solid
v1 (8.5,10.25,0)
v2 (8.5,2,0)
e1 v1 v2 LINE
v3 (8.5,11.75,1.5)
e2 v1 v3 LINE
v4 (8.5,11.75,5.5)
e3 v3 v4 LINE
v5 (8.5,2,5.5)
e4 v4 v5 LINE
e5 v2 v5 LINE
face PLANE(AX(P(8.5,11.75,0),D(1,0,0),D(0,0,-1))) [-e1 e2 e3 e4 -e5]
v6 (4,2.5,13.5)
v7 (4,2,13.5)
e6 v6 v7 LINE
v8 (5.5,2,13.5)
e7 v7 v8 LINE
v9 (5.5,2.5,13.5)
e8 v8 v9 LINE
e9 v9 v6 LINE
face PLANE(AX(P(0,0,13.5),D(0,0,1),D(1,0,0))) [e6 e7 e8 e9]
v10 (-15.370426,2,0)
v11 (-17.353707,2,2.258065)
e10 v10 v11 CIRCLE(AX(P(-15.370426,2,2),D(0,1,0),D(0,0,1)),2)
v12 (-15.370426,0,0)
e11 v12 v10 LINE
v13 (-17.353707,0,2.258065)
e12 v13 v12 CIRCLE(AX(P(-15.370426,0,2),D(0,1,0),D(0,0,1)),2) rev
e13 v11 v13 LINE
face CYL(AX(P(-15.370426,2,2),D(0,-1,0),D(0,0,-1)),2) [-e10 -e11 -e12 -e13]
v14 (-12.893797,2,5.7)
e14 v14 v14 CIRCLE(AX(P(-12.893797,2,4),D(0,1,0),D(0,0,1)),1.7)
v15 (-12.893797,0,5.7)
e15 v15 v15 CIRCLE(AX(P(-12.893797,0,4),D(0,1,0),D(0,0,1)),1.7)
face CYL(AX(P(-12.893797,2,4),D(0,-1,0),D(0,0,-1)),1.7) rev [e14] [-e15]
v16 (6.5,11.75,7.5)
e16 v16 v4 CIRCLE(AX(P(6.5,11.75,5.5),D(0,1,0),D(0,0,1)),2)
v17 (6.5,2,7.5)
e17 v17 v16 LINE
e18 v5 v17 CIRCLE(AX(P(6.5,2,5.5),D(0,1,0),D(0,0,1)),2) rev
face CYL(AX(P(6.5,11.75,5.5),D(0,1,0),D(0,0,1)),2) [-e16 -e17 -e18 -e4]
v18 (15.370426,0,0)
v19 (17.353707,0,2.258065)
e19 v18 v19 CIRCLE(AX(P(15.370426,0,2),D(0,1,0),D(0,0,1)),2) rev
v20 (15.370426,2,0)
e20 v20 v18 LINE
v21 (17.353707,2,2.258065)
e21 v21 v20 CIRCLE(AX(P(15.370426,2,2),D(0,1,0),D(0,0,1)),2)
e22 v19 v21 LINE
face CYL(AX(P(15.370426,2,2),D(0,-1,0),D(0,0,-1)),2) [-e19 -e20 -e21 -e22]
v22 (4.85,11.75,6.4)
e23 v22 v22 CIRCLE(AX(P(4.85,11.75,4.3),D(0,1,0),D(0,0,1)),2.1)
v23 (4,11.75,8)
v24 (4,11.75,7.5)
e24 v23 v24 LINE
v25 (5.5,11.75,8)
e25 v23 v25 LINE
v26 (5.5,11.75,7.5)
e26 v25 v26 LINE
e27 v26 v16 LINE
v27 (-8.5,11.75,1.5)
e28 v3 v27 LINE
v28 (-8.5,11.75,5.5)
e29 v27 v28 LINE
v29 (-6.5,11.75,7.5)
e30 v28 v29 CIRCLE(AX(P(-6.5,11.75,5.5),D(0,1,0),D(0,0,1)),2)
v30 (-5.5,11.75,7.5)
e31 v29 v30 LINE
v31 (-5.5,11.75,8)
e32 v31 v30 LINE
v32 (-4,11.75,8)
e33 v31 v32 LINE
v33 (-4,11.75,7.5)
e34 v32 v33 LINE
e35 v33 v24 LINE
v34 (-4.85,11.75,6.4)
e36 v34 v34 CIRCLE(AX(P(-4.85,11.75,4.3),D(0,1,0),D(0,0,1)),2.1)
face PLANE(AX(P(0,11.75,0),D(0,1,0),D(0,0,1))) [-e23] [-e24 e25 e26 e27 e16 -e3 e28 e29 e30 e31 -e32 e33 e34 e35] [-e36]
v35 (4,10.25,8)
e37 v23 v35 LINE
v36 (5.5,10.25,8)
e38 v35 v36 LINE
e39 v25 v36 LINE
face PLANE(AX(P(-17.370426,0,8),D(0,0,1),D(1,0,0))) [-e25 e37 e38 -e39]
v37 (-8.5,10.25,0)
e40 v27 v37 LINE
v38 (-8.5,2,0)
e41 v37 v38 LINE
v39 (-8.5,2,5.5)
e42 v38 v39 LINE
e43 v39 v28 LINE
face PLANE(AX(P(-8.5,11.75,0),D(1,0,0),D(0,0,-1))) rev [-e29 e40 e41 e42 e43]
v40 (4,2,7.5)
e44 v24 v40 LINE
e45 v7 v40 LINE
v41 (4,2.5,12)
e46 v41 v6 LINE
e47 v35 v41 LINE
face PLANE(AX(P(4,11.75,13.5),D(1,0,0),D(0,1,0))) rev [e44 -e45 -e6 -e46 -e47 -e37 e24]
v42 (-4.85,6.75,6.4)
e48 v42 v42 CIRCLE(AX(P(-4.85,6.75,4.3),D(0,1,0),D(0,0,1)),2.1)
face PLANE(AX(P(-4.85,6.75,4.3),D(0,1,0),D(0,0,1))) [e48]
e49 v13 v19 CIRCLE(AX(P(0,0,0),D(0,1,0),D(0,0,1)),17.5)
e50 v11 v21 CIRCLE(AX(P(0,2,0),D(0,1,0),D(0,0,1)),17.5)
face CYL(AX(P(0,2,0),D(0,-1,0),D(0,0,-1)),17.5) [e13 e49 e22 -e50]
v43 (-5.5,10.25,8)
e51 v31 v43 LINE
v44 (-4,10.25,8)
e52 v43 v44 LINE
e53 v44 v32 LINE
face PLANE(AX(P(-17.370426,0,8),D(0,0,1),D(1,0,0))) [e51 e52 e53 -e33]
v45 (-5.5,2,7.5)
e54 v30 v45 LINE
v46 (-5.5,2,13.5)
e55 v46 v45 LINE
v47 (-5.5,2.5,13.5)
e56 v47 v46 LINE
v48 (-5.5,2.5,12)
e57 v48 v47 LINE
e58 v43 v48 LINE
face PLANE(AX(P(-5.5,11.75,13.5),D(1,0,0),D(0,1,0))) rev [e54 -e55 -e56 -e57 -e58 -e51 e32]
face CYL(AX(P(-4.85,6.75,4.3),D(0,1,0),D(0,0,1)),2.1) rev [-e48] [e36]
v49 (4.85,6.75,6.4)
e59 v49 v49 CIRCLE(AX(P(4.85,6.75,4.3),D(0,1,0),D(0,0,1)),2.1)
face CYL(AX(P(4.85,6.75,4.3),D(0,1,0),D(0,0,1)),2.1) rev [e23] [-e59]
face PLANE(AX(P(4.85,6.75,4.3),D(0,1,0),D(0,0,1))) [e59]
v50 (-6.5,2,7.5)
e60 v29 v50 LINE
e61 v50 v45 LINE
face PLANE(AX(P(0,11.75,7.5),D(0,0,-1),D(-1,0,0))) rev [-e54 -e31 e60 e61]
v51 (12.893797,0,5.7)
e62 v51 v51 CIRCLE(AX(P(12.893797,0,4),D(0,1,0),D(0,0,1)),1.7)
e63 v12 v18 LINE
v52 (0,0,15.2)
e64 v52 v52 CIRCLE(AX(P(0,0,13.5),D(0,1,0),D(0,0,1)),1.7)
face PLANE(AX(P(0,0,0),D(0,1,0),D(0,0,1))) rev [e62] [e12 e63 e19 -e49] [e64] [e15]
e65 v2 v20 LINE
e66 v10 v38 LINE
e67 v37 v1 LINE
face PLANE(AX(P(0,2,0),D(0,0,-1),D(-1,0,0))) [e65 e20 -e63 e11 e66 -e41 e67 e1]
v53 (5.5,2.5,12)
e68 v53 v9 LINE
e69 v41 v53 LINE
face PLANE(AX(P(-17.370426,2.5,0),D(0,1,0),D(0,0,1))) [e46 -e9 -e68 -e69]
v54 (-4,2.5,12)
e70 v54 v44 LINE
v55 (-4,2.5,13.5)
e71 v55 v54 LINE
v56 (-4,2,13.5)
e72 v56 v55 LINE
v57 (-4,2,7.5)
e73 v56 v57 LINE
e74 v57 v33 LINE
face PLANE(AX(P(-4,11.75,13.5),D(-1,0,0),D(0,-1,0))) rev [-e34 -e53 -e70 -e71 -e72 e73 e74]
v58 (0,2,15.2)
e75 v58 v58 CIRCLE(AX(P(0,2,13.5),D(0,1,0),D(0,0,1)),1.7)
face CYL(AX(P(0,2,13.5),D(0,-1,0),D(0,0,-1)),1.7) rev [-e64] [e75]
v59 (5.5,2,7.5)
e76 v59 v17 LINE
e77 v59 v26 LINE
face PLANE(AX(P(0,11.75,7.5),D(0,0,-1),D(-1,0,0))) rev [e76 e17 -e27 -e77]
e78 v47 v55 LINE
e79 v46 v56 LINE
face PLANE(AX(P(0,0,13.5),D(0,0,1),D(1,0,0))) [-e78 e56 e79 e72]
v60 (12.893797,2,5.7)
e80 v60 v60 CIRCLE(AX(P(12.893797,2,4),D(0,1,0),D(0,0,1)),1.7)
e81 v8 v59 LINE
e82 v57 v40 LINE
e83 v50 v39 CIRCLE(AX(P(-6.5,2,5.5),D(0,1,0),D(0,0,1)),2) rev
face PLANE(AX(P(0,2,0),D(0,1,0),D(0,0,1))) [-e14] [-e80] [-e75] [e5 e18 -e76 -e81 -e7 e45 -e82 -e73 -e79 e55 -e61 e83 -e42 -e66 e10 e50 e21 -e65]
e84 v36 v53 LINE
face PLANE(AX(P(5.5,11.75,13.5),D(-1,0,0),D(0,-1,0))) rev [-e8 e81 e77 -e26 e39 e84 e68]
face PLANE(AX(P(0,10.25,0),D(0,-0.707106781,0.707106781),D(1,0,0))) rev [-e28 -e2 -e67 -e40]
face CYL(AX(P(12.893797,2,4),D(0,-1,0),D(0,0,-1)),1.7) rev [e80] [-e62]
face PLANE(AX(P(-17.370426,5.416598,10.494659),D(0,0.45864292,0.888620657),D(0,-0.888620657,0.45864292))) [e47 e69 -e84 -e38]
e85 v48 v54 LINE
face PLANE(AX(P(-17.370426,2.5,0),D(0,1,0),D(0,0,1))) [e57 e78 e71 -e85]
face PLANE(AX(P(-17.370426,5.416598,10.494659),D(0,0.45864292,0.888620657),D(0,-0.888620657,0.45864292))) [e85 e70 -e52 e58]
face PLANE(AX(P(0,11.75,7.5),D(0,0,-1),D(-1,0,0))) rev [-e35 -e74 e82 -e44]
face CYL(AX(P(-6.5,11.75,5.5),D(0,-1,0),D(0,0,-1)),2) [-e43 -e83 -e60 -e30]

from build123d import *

# Parameters (mm, degrees)
BOSS_EXTRUDE1_DEPTH = 2
SKETCH1_3_W         = 17
SKETCH1_3_H         = 7.5
SKETCH1_3_R         = 2.1
BOSS_EXTRUDE2_DEPTH = 11.75
FILLET1_R           = 2
CHAMFER1_SIZE       = 1.5
SKETCH2_W           = 1.5
SKETCH2_H           = 9.75
BOSS_EXTRUDE3_DEPTH = 6
CUT_EXTRUDE1_DEPTH  = 32.102554433
CUT_EXTRUDE2_START  = 11.75
SKETCH1_4_R         = 2.1
CUT_EXTRUDE2_DEPTH  = 5


with BuildPart() as part:
    # Sketch1 → Boss-Extrude1 (new body)
    with BuildSketch(Plane(origin=(0, 0, 0), x_dir=(1, 0, 0), z_dir=(0, 1, 0))):
        with BuildLine():
            ThreePointArc((13.294270592, -2.34784357), (13.448469299, -1.178419919), (13.5, 0))
            Line((13.5, 0), (8.5, 0))
            Line((8.5, 0), (8.5, -7.5))
            Line((8.5, -7.5), (-8.5, -7.5))
            Line((-8.5, -7.5), (-8.5, 0))
            Line((-8.5, 0), (-13.5, 0))
            ThreePointArc((-13.5, 0), (-13.448469299, -1.178419919), (-13.294270592, -2.34784357))
            ThreePointArc((-13.294270592, -2.34784357), (-11.842798665, -2.663810422), (-11.193796958, -4))
            ThreePointArc((-11.193796958, -4), (-11.494084595, -4.964782515), (-12.288862018, -5.588727075))
            ThreePointArc((-12.288862018, -5.588727075), (-8.007808689, -10.86853256), (-1.696626969, -13.392962963))
            ThreePointArc((-1.696626969, -13.392962963), (0, -11.8), (1.696626969, -13.392962963))
            ThreePointArc((1.696626969, -13.392962963), (8.007808689, -10.86853256), (12.288862018, -5.588727075))
            ThreePointArc((12.288862018, -5.588727075), (11.270133638, -3.496296296), (13.294270592, -2.34784357))
        make_face()
        with BuildLine():
            Line((17.5, 0), (13.5, 0))
            ThreePointArc((13.5, 0), (13.448469299, -1.178419919), (13.294270592, -2.34784357))
            ThreePointArc((13.294270592, -2.34784357), (14.229986536, -2.949001707), (14.593796958, -4))
            ThreePointArc((14.593796958, -4), (13.858579473, -5.399712363), (12.288862018, -5.588727075))
            ThreePointArc((12.288862018, -5.588727075), (8.007808689, -10.86853256), (1.696626969, -13.392962963))
            ThreePointArc((1.696626969, -13.392962963), (1.699156533, -13.446454915), (1.7, -13.5))
            ThreePointArc((1.7, -13.5), (-0.053545085, -15.199156533), (-1.696626969, -13.392962963))
            ThreePointArc((-1.696626969, -13.392962963), (-8.007808689, -10.86853256), (-12.288862018, -5.588727075))
            ThreePointArc((-12.288862018, -5.588727075), (-14.517460279, -4.503703704), (-13.294270592, -2.34784357))
            ThreePointArc((-13.294270592, -2.34784357), (-13.448469299, -1.178419919), (-13.5, 0))
            Line((-13.5, 0), (-17.5, 0))
            ThreePointArc((-17.5, 0), (0, -17.5), (17.5, 0))
        make_face()
    extrude(amount=BOSS_EXTRUDE1_DEPTH)

    # Sketch1<3> → Boss-Extrude2 (add)
    # profile 1 of 3: a face of its own
    with BuildSketch(Plane(origin=(0, 0, 0), x_dir=(1, 0, 0), z_dir=(0, 1, 0))):
        with Locations((0, -3.75)):
            Rectangle(SKETCH1_3_W, SKETCH1_3_H)
        with Locations((-4.85, -4.3)):
            Circle(SKETCH1_3_R, mode=Mode.SUBTRACT)
        with Locations((4.85, -4.3)):
            Circle(SKETCH1_3_R, mode=Mode.SUBTRACT)
    # profile 2 of 3: a face of its own
    with BuildSketch(Plane(origin=(0, 0, 0), x_dir=(1, 0, 0), z_dir=(0, 1, 0))):
        with Locations((-4.85, -4.3)):
            Circle(SKETCH1_3_R)
    # profile 3 of 3: a face of its own
    with BuildSketch(Plane(origin=(0, 0, 0), x_dir=(1, 0, 0), z_dir=(0, 1, 0))):
        with Locations((4.85, -4.3)):
            Circle(SKETCH1_3_R)
    extrude(amount=BOSS_EXTRUDE2_DEPTH)

    # Fillet1
    fillet1_edges = [part.edges().sort_by_distance(p)[0] for p in [
        (-17.5, 1, 0),
        (17.5, 1, 0),
        (8.5, 6.875, 7.5),
        (-8.5, 6.875, 7.5),
    ]]
    fillet(fillet1_edges, radius=FILLET1_R)

    # Chamfer1
    chamfer1_edges = [part.edges().sort_by_distance(p)[0] for p in [
        (0, 11.75, 0),
    ]]
    chamfer(chamfer1_edges, length=CHAMFER1_SIZE)

    # Sketch2 → Boss-Extrude3 (add)
    with BuildSketch(Plane.XY.offset(7.5)):
        with Locations((-4.75, 6.875)):
            Rectangle(SKETCH2_W, SKETCH2_H)
        with Locations((4.75, 6.875)):
            Rectangle(SKETCH2_W, SKETCH2_H)
    extrude(amount=BOSS_EXTRUDE3_DEPTH)

    # Sketch3 → Cut-Extrude1 (cut, through all)
    with BuildSketch(Plane(origin=(5.5, 0, 0), x_dir=(0, 0, -1), z_dir=(1, 0, 0))):
        Polygon((-8, 10.25), (-8, 11.75), (-13.5, 11.75), (-13.5, 2.5), (-12, 2.5), align=None)
    extrude(amount=-CUT_EXTRUDE1_DEPTH, mode=Mode.SUBTRACT)

    # Sketch1<4> → Cut-Extrude2 (cut)
    with BuildSketch(Plane(origin=(0, 0, 0), x_dir=(1, 0, 0), z_dir=(0, 1, 0)).offset(CUT_EXTRUDE2_START)):
        with Locations(Location((-4.85, -4.3, 0), (0, 0, 270))):
            Circle(SKETCH1_4_R)
        with Locations(Location((4.85, -4.3, 0), (0, 0, 270))):
            Circle(SKETCH1_4_R)
    extrude(amount=-CUT_EXTRUDE2_DEPTH, mode=Mode.SUBTRACT)


solid = part.part
